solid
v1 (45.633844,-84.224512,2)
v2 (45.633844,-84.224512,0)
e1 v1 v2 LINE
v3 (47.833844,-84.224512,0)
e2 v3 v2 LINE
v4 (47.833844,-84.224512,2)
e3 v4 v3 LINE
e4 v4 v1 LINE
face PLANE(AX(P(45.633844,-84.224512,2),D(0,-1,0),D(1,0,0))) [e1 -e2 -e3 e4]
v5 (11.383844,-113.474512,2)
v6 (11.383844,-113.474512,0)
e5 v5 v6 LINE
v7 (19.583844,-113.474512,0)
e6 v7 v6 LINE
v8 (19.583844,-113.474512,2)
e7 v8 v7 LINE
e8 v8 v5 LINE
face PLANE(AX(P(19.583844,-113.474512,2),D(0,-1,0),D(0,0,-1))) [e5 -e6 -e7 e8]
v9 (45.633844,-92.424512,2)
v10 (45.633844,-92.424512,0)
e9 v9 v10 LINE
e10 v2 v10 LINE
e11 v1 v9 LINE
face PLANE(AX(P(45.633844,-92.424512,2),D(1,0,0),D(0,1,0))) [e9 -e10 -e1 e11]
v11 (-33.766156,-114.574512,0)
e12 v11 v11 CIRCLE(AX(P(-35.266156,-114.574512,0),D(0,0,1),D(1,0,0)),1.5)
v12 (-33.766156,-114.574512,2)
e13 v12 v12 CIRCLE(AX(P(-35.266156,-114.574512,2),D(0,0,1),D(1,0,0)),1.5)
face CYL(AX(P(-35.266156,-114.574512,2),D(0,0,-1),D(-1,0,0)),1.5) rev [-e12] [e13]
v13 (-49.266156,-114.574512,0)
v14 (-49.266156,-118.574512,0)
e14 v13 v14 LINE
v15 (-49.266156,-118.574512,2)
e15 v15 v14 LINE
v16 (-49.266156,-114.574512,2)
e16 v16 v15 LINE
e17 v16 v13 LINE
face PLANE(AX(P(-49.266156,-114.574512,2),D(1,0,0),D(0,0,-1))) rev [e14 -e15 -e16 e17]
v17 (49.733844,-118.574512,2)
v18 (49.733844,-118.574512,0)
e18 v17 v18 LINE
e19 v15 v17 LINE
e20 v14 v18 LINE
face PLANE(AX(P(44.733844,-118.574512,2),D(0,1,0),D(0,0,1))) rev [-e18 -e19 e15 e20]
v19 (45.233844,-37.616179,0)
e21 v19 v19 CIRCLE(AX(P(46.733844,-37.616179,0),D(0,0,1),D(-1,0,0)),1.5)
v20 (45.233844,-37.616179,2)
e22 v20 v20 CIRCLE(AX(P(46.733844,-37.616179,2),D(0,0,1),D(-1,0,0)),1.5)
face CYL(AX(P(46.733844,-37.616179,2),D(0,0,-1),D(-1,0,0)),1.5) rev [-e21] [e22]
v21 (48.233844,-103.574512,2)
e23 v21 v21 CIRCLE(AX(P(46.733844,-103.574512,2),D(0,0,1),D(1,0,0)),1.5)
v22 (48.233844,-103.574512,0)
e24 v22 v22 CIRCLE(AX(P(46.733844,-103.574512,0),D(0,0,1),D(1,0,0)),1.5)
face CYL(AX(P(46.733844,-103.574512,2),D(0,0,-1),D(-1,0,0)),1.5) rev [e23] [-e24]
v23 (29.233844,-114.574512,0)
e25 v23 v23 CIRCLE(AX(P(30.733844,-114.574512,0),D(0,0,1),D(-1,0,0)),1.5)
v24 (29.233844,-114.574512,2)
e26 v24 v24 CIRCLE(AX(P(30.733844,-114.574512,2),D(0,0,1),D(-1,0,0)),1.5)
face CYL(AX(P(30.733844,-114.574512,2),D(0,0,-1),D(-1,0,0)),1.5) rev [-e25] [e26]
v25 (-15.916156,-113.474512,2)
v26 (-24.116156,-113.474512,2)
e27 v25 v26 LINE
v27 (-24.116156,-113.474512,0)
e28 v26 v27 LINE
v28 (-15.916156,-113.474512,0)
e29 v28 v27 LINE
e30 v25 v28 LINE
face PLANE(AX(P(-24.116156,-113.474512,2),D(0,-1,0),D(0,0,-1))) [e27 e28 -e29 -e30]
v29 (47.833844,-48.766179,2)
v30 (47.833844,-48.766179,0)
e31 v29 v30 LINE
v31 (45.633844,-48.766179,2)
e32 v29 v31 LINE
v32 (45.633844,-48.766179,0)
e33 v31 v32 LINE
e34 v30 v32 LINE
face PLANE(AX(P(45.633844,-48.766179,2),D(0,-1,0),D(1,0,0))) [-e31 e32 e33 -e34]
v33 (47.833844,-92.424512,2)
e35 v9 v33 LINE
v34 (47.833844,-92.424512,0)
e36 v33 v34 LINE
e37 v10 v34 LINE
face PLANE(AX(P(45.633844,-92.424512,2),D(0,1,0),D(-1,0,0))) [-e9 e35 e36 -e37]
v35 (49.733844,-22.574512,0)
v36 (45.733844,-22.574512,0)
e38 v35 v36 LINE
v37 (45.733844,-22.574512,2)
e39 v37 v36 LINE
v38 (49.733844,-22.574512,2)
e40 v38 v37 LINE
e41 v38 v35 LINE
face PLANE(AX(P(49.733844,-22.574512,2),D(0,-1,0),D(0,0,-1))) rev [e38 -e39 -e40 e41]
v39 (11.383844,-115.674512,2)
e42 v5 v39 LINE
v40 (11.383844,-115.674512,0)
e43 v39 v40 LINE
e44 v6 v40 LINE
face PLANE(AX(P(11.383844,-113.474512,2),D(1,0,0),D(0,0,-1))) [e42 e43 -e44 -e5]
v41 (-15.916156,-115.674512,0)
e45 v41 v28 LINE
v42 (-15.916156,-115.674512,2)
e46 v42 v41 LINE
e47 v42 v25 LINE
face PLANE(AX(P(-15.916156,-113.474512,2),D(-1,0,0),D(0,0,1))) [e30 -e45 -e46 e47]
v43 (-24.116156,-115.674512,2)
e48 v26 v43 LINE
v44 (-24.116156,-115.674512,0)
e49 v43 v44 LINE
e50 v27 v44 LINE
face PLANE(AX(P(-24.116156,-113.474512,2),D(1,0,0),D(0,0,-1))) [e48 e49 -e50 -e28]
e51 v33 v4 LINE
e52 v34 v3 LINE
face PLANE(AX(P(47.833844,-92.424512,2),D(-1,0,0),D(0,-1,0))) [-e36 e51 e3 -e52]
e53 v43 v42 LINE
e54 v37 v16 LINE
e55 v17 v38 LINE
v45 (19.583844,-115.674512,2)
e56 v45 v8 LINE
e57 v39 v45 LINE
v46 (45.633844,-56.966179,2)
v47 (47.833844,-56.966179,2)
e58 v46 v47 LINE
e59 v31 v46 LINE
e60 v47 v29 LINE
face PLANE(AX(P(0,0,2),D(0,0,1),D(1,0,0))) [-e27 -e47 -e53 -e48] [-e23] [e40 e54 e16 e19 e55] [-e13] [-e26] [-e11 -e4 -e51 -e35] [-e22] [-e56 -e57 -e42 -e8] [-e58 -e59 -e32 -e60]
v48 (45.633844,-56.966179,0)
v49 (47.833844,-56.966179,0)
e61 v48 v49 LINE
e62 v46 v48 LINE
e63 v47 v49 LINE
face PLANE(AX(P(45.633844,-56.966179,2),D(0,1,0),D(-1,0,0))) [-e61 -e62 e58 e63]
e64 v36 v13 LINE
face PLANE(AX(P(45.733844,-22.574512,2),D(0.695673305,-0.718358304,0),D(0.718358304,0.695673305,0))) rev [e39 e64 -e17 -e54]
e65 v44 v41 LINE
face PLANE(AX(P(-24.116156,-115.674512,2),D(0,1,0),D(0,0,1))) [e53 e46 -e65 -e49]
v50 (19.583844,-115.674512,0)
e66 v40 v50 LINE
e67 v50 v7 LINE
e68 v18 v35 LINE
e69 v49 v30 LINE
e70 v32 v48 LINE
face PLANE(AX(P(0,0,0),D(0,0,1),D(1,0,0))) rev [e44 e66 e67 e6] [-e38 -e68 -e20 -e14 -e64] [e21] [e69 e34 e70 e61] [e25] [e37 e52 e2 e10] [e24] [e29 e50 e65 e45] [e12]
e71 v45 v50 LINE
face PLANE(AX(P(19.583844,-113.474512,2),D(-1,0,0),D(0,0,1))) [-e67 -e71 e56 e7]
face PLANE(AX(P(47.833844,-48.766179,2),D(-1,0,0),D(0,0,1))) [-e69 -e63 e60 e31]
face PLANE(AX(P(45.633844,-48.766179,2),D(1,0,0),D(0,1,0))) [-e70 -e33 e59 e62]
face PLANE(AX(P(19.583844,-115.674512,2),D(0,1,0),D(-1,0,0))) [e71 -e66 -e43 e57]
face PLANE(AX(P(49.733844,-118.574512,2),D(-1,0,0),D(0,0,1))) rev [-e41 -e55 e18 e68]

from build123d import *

# Parameters (mm, degrees)
SKETCH_1_R      = 1.5
SKETCH_1_W      = 8.2
SKETCH_1_H      = 2.2
SKETCH_1_W_2    = 2.2
SKETCH_1_H_2    = 8.2
EXTRUDE_1_DEPTH = 2


with BuildPart() as part:
    # 草图1 → 凸台-拉伸1 (new body)
    with BuildSketch(Plane.XY):
        Polygon((44.733844386, -118.574512395), (48.733844386, -118.574512395), (49.733844386, -118.574512395), (49.733844386, -22.574512395), (45.733844386, -22.574512395), (-49.266155614, -114.574512396), (-49.266155614, -118.574512395), (-3.266155614, -118.574512395), align=None)
        with Locations((-35.266155614, -114.574512396)):
            Circle(SKETCH_1_R, mode=Mode.SUBTRACT)
        with Locations(Location((30.733844386, -114.574512396, 0), (0, 0, 180))):
            Circle(SKETCH_1_R, mode=Mode.SUBTRACT)
        with Locations((46.733844387, -103.574512395)):
            Circle(SKETCH_1_R, mode=Mode.SUBTRACT)
        with Locations(Location((46.733844387, -37.616179062, 0), (0, 0, 180))):
            Circle(SKETCH_1_R, mode=Mode.SUBTRACT)
        with Locations((-20.016155614, -114.574512396)):
            Rectangle(SKETCH_1_W, SKETCH_1_H, mode=Mode.SUBTRACT)
        with Locations((15.483844386, -114.574512396)):
            Rectangle(SKETCH_1_W, SKETCH_1_H, mode=Mode.SUBTRACT)
        with Locations((46.733844387, -88.324512395)):
            Rectangle(SKETCH_1_W_2, SKETCH_1_H_2, mode=Mode.SUBTRACT)
        with Locations((46.733844387, -52.866179062)):
            Rectangle(SKETCH_1_W_2, SKETCH_1_H_2, mode=Mode.SUBTRACT)
    extrude(amount=EXTRUDE_1_DEPTH)


solid = part.part
